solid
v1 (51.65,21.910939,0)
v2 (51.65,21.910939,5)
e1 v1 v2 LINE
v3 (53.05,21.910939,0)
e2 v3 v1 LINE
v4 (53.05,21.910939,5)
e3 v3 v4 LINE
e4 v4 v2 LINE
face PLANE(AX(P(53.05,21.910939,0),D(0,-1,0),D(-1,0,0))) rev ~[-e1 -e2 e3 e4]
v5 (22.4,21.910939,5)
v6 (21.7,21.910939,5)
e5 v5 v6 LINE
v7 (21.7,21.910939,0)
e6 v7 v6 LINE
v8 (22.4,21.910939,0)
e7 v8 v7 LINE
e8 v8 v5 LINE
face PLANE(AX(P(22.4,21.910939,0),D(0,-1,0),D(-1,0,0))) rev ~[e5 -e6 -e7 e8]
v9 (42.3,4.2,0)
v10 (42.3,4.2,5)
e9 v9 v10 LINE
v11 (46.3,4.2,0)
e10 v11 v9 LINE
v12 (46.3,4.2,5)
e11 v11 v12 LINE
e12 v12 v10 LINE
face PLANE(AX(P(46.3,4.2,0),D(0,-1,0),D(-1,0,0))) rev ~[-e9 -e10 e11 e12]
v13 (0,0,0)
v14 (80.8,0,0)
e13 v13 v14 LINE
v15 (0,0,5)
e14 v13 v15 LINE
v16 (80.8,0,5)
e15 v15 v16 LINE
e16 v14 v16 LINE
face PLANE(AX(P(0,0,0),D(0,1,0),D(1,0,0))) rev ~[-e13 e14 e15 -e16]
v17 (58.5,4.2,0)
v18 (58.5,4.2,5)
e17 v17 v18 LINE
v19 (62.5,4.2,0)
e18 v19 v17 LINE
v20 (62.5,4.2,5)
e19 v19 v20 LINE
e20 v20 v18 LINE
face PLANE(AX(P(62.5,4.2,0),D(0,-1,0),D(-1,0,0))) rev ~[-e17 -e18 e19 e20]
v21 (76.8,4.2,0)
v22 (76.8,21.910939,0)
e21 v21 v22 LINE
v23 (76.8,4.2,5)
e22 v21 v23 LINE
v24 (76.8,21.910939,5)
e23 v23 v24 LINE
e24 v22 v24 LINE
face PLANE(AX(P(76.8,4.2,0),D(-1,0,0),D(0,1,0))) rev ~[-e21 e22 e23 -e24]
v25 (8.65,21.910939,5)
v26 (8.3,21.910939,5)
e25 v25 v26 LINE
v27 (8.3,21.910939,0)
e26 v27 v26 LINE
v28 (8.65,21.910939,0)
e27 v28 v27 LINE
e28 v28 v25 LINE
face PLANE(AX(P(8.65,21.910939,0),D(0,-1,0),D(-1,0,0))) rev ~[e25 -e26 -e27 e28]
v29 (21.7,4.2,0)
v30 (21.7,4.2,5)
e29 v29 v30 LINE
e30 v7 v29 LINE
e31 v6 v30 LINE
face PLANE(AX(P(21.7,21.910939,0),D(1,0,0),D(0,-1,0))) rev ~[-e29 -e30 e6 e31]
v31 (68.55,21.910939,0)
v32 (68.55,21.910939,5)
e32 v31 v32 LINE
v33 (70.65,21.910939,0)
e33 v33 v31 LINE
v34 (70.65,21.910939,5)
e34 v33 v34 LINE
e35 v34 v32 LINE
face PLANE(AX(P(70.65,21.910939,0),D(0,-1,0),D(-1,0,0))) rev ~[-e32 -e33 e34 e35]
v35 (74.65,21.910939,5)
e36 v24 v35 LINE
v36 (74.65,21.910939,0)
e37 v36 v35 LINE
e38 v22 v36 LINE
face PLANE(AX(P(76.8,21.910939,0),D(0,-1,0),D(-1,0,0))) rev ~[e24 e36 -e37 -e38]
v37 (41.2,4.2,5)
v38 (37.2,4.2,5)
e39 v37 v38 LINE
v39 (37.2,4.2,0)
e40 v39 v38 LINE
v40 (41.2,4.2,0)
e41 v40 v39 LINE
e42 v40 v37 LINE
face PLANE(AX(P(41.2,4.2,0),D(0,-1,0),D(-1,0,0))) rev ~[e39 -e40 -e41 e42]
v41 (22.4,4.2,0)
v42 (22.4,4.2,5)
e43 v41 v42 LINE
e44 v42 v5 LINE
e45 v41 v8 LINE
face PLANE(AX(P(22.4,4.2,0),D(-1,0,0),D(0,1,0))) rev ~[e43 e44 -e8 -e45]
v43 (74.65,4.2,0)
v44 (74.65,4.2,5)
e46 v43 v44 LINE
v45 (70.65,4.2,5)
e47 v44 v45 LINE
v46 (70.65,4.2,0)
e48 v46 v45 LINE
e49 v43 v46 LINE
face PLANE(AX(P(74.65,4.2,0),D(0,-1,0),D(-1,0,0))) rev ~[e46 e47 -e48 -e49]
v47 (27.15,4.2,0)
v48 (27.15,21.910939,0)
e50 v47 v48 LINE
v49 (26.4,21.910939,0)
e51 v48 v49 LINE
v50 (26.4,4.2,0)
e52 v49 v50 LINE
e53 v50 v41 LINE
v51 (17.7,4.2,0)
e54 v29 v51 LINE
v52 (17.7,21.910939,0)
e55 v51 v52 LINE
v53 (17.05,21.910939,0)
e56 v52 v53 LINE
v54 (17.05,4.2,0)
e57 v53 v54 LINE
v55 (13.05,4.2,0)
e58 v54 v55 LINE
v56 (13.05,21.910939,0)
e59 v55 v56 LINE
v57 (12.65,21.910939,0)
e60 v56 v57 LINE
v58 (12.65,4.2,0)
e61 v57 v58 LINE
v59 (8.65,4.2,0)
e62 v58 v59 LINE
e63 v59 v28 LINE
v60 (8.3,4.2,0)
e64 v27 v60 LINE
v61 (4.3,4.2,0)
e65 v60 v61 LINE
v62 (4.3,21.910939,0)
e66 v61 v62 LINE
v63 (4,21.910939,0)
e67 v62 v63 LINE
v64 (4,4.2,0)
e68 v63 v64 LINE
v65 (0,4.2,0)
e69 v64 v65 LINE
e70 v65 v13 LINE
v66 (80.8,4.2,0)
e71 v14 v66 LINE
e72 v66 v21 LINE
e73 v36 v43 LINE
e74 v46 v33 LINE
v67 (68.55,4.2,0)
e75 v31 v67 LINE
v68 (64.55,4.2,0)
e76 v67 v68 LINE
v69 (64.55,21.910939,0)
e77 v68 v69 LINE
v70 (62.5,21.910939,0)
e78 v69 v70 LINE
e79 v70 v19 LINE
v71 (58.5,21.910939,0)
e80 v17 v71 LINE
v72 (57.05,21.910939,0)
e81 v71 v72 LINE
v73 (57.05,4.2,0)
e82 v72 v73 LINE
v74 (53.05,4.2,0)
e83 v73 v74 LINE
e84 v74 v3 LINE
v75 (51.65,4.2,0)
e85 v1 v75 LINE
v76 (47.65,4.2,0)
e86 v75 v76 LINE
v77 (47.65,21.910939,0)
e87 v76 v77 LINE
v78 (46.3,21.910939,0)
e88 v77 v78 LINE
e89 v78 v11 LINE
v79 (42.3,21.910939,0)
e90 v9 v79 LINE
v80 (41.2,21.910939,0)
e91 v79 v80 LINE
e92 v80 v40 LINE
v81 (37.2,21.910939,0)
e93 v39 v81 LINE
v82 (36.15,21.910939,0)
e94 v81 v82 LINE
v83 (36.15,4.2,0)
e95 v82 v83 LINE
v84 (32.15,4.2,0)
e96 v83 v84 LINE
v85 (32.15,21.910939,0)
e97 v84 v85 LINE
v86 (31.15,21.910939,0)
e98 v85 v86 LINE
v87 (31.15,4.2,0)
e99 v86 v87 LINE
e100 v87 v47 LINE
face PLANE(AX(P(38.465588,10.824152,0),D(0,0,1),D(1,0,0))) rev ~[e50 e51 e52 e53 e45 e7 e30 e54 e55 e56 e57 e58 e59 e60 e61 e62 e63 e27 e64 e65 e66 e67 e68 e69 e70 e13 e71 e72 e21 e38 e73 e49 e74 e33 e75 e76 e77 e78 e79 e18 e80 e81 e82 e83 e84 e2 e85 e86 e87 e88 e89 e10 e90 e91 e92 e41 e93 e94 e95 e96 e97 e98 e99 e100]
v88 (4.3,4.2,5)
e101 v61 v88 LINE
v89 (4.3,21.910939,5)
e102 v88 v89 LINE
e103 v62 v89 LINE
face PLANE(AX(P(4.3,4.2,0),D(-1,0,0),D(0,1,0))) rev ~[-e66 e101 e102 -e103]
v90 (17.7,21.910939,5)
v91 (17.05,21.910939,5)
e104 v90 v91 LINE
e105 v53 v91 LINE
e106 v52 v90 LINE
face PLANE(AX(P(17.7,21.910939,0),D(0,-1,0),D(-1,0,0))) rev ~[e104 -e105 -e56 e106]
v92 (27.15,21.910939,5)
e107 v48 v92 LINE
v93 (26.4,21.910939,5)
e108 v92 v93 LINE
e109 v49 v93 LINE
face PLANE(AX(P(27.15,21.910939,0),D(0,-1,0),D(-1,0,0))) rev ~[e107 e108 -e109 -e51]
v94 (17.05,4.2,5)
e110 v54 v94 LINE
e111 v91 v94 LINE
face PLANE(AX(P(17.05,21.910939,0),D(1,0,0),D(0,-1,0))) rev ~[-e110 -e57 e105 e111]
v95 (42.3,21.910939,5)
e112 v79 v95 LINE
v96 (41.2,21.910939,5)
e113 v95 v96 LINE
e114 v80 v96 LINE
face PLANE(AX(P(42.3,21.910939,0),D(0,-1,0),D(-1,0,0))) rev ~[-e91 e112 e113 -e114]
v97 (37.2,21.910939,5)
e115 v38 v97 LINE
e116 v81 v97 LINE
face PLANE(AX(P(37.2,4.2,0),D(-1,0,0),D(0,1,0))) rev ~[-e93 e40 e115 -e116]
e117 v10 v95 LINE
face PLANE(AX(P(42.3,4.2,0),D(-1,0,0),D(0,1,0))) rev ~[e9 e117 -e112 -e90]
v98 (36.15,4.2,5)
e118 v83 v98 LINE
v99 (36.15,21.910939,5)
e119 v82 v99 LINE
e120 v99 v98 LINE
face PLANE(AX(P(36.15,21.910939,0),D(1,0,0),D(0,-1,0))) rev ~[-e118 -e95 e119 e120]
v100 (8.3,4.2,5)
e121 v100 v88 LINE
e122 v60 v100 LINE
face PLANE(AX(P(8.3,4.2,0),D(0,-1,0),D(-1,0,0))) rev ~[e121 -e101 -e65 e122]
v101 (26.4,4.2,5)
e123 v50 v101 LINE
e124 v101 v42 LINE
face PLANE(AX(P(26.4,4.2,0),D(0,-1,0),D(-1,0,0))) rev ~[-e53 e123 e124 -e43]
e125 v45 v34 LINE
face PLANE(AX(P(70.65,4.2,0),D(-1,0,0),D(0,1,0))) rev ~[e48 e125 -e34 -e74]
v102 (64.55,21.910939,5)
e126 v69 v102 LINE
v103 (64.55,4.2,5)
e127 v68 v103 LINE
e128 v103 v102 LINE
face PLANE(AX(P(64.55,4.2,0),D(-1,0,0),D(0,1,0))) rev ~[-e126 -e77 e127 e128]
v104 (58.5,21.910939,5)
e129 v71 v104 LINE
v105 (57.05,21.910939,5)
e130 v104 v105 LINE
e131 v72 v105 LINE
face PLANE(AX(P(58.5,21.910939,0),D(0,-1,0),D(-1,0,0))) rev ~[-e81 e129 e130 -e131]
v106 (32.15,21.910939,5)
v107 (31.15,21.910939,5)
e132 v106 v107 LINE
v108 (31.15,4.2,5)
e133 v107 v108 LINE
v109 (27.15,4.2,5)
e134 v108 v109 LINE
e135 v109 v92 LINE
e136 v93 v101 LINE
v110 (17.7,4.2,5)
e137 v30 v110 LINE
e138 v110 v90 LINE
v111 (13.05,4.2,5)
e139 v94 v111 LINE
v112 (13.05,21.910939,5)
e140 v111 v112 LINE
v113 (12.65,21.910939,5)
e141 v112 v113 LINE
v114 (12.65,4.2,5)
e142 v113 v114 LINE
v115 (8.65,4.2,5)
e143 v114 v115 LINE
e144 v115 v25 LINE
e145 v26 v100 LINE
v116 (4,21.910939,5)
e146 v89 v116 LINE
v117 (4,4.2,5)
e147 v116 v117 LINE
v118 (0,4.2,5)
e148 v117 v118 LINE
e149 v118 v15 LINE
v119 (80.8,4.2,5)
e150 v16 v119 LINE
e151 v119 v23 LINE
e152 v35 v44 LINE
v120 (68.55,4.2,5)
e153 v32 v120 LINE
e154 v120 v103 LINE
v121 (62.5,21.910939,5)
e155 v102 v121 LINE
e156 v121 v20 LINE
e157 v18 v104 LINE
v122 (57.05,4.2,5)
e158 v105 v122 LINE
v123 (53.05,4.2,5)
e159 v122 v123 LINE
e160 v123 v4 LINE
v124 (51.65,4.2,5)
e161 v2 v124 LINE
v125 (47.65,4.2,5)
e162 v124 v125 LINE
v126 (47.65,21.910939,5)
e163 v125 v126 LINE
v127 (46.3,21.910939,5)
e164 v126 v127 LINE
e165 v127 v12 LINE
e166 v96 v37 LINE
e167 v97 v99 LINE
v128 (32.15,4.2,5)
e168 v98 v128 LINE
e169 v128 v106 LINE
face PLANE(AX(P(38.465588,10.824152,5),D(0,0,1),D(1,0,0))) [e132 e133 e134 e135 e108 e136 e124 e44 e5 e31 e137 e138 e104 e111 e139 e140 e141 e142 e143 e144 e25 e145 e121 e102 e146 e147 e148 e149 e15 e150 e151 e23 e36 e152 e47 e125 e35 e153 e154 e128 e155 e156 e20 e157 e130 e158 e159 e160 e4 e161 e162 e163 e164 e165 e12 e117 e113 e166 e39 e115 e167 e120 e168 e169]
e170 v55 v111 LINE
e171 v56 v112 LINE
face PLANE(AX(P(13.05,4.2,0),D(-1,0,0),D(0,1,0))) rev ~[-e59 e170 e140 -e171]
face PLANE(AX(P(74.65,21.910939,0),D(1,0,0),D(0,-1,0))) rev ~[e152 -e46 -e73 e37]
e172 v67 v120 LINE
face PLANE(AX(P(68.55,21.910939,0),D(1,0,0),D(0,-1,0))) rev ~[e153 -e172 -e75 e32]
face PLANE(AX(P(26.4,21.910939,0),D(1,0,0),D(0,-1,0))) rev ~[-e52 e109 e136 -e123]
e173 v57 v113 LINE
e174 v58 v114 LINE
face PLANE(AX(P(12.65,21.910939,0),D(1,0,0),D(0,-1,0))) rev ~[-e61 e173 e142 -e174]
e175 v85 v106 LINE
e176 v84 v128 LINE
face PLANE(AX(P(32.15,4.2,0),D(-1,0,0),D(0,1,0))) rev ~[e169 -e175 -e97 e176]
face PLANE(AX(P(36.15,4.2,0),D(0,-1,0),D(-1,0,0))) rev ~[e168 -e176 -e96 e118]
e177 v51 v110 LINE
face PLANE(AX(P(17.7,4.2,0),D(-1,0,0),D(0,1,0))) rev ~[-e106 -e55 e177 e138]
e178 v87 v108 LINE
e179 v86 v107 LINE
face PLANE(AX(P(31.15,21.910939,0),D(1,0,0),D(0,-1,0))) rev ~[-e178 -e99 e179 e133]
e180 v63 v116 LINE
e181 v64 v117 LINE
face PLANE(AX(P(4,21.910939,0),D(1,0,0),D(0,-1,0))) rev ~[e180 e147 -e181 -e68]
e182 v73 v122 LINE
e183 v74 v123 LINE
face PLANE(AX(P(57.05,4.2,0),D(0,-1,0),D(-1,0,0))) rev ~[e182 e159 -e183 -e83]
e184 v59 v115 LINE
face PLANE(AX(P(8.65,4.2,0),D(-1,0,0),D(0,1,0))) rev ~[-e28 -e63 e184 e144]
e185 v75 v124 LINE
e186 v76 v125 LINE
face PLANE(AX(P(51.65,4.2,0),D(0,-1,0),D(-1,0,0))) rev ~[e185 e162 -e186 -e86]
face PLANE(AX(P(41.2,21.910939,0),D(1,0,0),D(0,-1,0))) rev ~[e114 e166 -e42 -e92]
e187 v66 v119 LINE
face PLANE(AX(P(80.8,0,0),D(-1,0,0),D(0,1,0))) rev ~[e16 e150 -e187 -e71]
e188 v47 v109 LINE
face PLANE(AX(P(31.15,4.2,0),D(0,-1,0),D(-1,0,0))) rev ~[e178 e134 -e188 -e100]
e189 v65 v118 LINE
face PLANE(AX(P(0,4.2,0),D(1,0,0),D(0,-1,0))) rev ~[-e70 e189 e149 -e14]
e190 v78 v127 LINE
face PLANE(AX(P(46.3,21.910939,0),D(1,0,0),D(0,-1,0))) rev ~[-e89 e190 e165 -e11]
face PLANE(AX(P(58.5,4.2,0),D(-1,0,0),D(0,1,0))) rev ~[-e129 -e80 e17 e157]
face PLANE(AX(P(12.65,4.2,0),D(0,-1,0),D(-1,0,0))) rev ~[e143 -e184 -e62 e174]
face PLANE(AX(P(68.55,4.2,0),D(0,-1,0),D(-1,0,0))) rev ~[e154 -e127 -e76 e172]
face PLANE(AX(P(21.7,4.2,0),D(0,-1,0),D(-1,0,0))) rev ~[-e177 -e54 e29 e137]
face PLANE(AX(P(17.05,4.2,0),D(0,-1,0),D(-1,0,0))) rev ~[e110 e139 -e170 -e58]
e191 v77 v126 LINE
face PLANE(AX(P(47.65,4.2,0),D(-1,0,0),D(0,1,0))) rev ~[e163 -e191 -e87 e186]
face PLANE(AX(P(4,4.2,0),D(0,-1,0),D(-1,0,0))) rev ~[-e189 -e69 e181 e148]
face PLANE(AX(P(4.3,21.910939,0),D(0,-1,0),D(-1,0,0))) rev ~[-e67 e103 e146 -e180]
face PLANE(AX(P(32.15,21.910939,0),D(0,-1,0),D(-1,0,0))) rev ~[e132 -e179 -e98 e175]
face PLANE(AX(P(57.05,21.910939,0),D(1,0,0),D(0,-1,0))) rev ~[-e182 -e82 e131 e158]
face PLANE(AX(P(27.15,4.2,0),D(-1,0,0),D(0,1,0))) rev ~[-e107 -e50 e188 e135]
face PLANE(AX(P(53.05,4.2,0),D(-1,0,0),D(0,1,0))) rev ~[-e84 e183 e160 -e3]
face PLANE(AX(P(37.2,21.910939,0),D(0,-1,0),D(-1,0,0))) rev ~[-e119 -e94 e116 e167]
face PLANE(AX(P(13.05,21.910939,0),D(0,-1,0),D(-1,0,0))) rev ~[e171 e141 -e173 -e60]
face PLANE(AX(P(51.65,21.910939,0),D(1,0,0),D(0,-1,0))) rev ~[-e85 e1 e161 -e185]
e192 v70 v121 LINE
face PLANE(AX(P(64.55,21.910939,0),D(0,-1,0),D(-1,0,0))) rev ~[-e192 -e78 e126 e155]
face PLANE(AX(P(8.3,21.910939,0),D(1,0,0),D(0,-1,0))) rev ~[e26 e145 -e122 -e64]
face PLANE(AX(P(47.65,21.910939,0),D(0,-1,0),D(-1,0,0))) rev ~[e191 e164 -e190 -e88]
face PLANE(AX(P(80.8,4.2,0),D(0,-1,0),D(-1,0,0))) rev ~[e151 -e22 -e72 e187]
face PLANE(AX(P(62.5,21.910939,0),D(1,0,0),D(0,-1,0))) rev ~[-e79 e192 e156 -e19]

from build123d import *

# Parameters (mm, degrees)
F1_DEPTH = 5


with BuildPart() as f1:
    # F0 (on Top) → F1 (new body)
    with BuildSketch(Plane.XY):
        Polygon((0, 4.2), (0, 0), (80.8, 0), (80.8, 4.2), (76.8, 4.2), (76.8, 21.910939), (74.65, 21.910939), (74.65, 4.2), (70.65, 4.2), (70.65, 21.910939), (68.55, 21.910939), (68.55, 4.2), (64.55, 4.2), (64.55, 21.910939), (62.5, 21.910939), (62.5, 4.2), (58.5, 4.2), (58.5, 21.910939), (57.05, 21.910939), (57.05, 4.2), (53.05, 4.2), (53.05, 21.910939), (51.65, 21.910939), (51.65, 4.2), (47.65, 4.2), (47.65, 21.910939), (46.3, 21.910939), (46.3, 4.2), (42.3, 4.2), (42.3, 21.910939), (41.2, 21.910939), (41.2, 4.2), (37.2, 4.2), (37.2, 21.910939), (36.15, 21.910939), (36.15, 4.2), (32.15, 4.2), (32.15, 21.910939), (31.15, 21.910939), (31.15, 4.2), (27.15, 4.2), (27.15, 21.910939), (26.4, 21.910939), (26.4, 4.2), (22.4, 4.2), (22.4, 21.910939), (21.7, 21.910939), (21.7, 4.2), (17.7, 4.2), (17.7, 21.910939), (17.05, 21.910939), (17.05, 4.2), (13.05, 4.2), (13.05, 21.910939), (12.65, 21.910939), (12.65, 4.2), (8.65, 4.2), (8.65, 21.910939), (8.3, 21.910939), (8.3, 4.2), (4.3, 4.2), (4.3, 21.910939), (4, 21.910939), (4, 4.2), align=None)
    extrude(amount=F1_DEPTH)


solid = f1.part
